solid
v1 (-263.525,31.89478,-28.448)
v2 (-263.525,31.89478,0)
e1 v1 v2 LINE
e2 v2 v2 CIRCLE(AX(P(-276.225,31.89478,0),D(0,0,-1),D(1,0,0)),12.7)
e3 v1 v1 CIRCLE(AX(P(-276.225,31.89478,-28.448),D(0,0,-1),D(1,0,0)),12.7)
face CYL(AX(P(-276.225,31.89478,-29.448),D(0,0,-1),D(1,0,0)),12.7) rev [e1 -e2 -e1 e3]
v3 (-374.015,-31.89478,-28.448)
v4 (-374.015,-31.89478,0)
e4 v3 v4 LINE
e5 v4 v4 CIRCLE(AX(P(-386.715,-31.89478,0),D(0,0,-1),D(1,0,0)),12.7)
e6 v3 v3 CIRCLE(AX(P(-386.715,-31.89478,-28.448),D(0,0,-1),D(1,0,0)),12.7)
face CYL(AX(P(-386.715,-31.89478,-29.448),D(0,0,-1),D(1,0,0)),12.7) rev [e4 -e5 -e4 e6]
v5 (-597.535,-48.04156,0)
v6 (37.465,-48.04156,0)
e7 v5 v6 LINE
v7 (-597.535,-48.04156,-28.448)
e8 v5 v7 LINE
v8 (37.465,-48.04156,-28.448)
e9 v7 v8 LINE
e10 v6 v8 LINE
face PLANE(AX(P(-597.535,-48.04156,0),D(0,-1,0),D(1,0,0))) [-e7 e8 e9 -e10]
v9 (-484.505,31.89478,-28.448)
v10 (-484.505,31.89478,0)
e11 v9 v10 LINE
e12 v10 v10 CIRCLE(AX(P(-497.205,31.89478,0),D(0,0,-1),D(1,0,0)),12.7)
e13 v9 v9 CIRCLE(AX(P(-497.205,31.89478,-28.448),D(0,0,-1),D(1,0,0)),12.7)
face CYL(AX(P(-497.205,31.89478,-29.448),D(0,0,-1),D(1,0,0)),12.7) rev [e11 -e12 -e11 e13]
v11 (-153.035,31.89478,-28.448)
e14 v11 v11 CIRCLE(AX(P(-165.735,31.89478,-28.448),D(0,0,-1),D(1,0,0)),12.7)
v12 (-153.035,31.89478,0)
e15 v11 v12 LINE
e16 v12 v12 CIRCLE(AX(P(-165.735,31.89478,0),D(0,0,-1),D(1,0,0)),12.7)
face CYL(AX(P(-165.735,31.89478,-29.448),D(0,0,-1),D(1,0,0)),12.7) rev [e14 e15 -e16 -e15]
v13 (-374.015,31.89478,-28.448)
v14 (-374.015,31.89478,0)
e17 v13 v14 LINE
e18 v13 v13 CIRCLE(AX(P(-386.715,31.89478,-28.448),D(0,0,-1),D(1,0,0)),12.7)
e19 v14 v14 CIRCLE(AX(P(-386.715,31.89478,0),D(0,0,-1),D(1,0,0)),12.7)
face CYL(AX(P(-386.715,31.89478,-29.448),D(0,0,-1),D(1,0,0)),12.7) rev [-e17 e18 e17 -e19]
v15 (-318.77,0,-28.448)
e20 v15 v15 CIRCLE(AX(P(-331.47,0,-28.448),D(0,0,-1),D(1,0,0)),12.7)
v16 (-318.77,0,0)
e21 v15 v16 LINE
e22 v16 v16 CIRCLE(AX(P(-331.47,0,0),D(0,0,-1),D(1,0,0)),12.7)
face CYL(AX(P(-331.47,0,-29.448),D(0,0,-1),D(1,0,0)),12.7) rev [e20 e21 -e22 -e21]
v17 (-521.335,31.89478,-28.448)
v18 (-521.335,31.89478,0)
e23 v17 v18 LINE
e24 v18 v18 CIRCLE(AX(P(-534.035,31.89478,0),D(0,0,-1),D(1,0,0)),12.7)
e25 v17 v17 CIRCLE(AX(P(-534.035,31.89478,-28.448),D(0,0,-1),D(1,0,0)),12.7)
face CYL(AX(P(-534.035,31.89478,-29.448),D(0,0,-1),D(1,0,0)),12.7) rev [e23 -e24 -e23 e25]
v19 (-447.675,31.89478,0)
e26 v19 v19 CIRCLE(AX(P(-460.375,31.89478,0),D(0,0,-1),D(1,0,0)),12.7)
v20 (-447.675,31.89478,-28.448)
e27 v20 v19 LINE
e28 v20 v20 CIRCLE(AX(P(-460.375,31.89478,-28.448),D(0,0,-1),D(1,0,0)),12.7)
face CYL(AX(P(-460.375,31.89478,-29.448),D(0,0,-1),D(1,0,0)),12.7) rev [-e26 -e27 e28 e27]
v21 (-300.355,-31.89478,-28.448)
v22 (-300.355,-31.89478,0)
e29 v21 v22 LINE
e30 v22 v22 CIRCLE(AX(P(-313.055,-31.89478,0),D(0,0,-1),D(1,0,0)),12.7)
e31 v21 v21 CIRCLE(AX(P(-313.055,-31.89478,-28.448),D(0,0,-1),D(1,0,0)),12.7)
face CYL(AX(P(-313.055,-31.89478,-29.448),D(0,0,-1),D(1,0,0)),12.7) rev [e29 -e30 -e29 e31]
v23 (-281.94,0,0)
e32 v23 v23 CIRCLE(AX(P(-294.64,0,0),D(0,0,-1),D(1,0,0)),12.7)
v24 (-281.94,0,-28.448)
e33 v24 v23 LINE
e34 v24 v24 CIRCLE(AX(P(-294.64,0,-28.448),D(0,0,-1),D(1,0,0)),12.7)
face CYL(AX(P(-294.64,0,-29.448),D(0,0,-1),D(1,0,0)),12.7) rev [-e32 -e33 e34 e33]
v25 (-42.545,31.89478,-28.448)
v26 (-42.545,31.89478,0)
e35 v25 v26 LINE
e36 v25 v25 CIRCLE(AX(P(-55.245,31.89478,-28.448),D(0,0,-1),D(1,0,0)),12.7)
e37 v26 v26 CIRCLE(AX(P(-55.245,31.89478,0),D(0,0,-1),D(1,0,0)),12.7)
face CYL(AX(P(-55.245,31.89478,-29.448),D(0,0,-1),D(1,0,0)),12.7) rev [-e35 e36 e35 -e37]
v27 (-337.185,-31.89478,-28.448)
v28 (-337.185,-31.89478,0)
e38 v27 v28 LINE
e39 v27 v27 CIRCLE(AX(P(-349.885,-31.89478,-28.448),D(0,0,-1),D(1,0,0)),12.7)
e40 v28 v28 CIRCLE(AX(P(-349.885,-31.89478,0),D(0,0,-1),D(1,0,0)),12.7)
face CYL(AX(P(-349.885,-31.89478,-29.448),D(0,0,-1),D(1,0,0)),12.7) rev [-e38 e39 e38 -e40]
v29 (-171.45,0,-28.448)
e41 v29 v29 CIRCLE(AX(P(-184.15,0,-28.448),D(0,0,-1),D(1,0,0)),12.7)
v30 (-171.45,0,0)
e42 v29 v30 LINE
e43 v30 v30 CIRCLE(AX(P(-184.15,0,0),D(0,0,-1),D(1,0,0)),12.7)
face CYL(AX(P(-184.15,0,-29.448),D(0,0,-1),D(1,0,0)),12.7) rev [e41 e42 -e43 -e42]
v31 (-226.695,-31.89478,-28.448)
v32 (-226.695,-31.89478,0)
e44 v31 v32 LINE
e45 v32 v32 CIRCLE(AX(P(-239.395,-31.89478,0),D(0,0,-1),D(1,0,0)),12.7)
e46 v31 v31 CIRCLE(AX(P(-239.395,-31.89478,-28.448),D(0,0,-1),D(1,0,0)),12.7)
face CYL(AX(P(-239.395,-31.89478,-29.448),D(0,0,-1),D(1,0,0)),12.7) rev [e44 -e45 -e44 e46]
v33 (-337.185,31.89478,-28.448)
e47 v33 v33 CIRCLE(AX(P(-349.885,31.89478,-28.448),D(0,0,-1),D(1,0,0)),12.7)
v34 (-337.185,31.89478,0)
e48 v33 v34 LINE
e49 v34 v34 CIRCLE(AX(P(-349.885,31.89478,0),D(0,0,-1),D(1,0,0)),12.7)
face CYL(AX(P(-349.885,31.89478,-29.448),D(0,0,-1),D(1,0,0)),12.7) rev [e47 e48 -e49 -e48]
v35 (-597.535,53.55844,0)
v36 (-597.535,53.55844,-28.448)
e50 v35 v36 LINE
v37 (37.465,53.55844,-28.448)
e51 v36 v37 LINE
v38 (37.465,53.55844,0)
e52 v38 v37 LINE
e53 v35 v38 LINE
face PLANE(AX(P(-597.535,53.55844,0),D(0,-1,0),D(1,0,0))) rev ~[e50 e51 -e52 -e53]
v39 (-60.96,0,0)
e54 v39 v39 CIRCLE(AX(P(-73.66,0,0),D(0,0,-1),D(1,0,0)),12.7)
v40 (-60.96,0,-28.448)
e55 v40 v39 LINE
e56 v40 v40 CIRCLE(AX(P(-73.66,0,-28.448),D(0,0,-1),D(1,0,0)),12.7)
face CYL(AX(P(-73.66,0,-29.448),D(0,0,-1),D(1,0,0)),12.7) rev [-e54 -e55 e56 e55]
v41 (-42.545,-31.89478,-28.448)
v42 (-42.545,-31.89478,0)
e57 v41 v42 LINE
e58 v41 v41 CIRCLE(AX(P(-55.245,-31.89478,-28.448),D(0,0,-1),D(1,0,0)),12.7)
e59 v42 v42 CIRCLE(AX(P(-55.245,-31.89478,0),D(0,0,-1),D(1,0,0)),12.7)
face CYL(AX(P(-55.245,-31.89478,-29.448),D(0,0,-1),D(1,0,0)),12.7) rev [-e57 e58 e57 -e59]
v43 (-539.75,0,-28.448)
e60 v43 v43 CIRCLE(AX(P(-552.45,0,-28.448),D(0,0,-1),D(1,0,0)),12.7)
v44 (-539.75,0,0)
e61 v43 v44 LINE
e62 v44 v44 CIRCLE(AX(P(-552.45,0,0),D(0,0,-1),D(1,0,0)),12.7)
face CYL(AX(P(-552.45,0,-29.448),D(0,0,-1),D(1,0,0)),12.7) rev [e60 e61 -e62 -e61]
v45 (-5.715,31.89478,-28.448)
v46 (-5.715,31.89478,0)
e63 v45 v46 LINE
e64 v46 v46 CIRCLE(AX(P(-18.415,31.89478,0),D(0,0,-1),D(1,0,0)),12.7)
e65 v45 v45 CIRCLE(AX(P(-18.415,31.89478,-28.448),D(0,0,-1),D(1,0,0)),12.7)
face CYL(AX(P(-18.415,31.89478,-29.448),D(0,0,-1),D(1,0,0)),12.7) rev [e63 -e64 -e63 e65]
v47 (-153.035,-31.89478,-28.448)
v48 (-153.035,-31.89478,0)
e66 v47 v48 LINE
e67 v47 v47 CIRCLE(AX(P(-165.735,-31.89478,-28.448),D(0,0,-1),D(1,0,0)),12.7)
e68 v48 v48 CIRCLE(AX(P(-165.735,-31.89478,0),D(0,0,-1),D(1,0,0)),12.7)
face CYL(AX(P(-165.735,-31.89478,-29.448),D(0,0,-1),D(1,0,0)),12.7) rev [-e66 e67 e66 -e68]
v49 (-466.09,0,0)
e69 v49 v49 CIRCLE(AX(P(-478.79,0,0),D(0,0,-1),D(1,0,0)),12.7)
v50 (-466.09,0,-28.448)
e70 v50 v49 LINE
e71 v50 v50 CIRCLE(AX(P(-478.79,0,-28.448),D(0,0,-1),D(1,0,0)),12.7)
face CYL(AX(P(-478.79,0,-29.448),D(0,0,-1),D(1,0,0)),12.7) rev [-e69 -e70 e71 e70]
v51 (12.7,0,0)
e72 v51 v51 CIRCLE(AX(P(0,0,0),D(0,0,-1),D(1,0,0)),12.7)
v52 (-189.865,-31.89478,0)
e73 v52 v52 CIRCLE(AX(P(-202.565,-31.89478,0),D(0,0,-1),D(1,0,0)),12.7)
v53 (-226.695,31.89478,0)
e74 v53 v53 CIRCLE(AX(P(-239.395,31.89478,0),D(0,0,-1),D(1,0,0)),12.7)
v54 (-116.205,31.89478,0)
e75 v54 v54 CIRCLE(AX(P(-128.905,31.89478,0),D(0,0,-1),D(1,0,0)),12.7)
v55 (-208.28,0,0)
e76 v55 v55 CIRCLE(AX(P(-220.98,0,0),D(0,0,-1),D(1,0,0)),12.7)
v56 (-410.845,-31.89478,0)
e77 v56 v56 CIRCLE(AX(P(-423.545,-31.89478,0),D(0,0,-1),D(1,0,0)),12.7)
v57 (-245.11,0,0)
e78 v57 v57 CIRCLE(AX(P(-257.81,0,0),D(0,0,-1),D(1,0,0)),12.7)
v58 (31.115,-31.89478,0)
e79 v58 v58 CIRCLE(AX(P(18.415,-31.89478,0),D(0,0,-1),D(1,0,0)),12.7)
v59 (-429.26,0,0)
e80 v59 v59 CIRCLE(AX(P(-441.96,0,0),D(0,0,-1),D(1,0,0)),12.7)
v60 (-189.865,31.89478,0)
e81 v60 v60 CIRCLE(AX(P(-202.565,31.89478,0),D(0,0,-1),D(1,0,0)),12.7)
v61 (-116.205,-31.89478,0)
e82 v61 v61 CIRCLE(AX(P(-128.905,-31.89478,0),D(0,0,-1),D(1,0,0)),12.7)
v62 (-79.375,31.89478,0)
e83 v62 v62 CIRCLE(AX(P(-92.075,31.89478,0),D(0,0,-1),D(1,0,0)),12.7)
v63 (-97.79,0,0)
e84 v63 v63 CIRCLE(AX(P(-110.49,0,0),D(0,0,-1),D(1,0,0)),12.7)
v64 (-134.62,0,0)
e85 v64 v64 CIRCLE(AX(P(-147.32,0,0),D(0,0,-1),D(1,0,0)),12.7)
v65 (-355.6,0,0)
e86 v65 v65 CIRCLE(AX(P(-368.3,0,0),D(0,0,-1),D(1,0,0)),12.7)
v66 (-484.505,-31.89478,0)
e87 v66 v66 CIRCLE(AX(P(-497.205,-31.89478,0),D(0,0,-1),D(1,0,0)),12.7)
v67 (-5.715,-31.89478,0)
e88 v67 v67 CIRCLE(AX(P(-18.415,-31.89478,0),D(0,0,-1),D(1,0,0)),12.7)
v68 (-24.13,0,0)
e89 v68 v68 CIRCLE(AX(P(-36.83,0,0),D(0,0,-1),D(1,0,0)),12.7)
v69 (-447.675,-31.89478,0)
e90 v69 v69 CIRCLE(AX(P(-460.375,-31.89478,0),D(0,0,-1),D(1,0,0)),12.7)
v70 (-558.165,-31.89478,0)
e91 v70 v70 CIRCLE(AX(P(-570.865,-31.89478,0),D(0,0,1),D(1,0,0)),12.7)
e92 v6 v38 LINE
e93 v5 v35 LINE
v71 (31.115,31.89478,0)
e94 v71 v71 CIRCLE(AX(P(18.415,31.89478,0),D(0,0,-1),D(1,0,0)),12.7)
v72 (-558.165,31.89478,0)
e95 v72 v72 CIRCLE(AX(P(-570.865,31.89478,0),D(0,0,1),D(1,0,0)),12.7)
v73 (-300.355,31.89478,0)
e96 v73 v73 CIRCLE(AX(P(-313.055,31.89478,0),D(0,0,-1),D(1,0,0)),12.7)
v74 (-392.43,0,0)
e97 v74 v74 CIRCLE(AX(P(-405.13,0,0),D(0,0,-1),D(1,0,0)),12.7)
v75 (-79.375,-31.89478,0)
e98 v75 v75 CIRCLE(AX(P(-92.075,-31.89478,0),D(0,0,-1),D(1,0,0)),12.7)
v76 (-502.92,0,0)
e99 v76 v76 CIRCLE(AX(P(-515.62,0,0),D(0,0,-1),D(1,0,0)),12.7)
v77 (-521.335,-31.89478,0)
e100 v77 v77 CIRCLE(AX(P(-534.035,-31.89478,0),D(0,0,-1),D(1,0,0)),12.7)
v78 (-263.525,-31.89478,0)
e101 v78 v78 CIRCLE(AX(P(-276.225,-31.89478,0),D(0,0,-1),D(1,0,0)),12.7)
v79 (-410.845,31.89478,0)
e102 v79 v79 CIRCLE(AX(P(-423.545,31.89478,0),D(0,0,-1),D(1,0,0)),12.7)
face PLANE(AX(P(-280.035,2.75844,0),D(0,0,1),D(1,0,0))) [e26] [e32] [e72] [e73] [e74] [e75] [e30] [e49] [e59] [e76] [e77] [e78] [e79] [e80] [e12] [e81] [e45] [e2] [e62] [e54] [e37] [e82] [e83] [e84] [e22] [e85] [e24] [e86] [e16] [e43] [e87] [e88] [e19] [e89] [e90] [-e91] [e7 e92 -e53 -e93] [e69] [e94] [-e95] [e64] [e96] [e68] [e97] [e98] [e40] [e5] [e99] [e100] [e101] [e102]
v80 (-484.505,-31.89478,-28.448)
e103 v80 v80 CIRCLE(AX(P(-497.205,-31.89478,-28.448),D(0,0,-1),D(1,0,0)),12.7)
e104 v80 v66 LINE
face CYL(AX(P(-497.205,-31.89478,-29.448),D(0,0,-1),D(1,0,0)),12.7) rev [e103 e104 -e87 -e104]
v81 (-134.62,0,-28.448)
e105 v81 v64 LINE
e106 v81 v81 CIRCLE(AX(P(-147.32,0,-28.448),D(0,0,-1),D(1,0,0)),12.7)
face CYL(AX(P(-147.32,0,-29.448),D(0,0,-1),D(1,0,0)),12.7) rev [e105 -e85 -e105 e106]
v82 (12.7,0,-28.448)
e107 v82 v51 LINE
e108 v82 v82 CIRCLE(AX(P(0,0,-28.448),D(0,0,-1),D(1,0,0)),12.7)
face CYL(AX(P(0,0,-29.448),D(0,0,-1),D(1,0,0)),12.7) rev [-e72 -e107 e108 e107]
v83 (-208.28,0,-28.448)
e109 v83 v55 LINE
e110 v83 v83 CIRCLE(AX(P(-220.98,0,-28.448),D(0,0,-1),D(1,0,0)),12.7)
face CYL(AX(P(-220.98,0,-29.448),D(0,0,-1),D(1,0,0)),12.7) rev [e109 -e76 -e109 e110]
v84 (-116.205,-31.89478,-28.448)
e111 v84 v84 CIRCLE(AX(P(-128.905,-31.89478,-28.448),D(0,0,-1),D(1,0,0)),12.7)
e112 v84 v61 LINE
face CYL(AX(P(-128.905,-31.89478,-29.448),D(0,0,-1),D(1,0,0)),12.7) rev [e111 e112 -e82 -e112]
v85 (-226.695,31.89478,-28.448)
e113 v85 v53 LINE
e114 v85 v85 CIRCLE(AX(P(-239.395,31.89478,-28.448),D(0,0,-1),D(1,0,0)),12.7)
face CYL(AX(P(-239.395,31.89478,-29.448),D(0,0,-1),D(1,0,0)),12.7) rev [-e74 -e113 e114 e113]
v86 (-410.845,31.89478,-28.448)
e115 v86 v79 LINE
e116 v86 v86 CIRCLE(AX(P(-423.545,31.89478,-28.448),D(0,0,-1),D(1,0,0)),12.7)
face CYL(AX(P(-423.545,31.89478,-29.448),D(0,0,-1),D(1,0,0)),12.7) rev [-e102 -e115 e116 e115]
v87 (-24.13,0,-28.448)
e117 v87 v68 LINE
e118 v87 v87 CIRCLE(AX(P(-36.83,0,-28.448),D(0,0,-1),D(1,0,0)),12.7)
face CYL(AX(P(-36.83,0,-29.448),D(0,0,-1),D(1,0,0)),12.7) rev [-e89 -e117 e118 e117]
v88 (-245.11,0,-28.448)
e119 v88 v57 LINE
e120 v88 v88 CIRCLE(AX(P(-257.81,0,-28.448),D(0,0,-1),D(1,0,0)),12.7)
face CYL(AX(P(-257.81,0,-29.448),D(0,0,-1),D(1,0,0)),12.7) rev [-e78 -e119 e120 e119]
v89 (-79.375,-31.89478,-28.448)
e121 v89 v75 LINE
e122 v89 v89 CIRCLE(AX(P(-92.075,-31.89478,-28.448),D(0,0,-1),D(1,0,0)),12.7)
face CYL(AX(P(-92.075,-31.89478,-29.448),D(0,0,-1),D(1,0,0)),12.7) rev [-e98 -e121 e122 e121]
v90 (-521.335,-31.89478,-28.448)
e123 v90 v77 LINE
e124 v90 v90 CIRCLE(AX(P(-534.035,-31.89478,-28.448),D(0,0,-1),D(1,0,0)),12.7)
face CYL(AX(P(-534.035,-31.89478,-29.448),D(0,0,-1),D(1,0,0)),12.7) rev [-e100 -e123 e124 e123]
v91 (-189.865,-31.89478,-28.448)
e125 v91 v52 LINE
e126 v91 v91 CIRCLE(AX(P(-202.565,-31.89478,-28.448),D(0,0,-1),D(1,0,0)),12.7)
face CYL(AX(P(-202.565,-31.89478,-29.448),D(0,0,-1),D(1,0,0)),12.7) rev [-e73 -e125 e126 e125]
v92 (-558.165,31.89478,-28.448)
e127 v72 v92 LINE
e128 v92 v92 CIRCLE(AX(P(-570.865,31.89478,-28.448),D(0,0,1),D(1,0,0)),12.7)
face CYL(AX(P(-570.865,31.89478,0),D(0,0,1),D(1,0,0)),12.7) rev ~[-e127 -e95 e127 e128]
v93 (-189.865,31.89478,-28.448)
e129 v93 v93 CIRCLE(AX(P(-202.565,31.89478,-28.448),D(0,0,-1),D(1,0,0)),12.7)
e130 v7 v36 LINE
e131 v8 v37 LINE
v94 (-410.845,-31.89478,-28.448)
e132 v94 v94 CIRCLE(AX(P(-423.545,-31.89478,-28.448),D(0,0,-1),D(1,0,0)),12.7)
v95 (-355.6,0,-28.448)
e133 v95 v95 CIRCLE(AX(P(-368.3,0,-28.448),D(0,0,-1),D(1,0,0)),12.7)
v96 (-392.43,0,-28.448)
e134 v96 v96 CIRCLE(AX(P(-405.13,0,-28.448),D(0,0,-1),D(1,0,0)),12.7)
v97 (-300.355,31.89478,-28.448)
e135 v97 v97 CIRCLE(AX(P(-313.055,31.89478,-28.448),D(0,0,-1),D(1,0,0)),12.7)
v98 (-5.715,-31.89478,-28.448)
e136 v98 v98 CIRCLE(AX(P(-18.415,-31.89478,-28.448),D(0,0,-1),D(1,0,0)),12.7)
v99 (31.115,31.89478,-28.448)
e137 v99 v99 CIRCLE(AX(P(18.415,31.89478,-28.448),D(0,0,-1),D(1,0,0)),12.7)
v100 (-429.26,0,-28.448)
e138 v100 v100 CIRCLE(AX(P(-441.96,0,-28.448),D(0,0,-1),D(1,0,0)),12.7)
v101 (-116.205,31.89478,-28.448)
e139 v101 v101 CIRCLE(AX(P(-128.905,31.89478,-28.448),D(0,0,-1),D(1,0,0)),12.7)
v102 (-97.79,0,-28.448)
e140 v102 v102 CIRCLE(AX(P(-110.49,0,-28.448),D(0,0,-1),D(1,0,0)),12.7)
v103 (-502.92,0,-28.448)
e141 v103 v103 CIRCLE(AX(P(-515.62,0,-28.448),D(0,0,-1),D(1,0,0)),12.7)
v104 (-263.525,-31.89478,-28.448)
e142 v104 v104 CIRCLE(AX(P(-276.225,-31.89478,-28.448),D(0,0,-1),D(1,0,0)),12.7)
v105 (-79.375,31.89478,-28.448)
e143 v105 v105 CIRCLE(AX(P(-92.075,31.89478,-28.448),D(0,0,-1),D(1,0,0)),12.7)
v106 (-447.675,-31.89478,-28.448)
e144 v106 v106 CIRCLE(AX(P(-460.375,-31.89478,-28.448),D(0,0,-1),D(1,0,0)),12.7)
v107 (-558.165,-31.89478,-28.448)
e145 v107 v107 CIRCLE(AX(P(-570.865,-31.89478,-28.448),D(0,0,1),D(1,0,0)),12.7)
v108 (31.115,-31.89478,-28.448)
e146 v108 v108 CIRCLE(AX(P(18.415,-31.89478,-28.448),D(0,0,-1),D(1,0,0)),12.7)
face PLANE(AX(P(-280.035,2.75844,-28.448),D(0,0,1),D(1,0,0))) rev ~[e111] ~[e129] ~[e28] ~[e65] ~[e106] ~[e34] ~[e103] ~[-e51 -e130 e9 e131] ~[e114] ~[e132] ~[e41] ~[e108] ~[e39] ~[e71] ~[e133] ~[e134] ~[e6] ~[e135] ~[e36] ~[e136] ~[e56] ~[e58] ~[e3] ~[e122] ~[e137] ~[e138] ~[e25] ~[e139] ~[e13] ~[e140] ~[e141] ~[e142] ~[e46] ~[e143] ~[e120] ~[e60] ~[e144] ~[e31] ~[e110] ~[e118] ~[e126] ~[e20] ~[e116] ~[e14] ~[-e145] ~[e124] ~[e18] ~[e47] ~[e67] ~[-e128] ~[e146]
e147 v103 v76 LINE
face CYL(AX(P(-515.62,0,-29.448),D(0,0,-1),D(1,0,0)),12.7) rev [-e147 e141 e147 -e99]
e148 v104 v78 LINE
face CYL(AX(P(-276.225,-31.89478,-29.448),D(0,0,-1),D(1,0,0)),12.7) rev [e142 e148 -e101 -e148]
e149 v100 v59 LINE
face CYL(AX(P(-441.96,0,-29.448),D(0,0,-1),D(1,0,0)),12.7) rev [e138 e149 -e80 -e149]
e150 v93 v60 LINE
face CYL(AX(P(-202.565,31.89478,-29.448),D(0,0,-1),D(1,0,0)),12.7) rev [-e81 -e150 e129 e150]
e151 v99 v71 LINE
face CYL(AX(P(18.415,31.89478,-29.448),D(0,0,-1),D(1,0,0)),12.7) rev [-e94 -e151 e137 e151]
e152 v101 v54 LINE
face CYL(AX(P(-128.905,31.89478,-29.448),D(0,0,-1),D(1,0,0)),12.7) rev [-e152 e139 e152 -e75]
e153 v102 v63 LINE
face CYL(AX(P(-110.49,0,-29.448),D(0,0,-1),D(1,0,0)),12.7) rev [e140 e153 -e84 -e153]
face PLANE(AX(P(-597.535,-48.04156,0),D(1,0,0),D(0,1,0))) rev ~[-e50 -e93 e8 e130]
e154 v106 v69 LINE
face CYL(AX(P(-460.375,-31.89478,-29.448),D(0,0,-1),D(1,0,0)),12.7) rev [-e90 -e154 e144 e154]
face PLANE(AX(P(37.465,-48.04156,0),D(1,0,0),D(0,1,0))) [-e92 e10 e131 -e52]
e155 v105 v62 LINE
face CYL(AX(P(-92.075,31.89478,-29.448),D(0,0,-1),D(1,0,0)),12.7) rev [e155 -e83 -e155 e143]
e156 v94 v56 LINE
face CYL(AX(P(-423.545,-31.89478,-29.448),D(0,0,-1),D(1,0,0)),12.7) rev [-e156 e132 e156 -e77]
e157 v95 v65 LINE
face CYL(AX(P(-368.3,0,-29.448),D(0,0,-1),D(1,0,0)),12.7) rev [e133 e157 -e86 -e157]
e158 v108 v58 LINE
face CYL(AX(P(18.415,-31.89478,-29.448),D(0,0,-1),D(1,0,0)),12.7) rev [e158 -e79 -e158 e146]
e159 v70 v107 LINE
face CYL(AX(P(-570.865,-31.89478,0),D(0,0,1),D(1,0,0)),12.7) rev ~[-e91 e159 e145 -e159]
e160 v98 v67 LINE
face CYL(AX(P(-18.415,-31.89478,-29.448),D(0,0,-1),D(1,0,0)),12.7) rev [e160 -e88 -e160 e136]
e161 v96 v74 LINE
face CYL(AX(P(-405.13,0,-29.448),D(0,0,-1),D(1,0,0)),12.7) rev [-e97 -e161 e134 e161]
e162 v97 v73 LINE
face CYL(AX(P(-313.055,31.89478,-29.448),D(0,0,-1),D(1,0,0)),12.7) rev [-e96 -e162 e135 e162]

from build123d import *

# Parameters (mm, degrees)
SKETCH1_W               = 635
SKETCH1_H               = 101.6
BOSS_EXTRUDE1_DEPTH     = 28.448
CUT_EXTRUDE1_START      = -29.448
SKETCH1_3_R             = 12.7
CUT_EXTRUDE1_DEPTH      = 30.448
LPATTERN1_COUNT         = 16
LPATTERN1_PITCH         = 36.83
SKETCH3_R               = 12.7
CUT_EXTRUDE2_DEPTH      = 1
CUT_EXTRUDE2_DEPTH_BACK = 29.448


with BuildPart() as part:
    # Sketch1 → Boss-Extrude1 (new body)
    with BuildSketch(Plane.XY):
        with Locations((-280.035, 2.75844)):
            Rectangle(SKETCH1_W, SKETCH1_H)
    extrude(amount=-BOSS_EXTRUDE1_DEPTH)

    # Sketch1<3> → Cut-Extrude1 (cut)
    with BuildSketch(Plane.XY.offset(CUT_EXTRUDE1_START)):
        Circle(SKETCH1_3_R)
        with Locations((18.415, 31.89478)):
            Circle(SKETCH1_3_R)
        with Locations((18.415, -31.89478)):
            Circle(SKETCH1_3_R)
    cut_extrude1 = extrude(amount=CUT_EXTRUDE1_DEPTH, mode=Mode.SUBTRACT)

    # LPattern1: Cut-Extrude1 ×16
    with Locations(*[(-i * LPATTERN1_PITCH, 0, 0) for i in range(1, LPATTERN1_COUNT)]):
        add(cut_extrude1, mode=Mode.SUBTRACT)

    # Sketch3 → Cut-Extrude2 (cut, two sides)
    with BuildSketch(Plane.XY) as cut_extrude2_sk:
        with Locations((-570.865, 31.89478)):
            Circle(SKETCH3_R)
        with Locations((-570.865, -31.89478)):
            Circle(SKETCH3_R)
    extrude(amount=CUT_EXTRUDE2_DEPTH, mode=Mode.SUBTRACT)
    extrude(cut_extrude2_sk.sketch, amount=-CUT_EXTRUDE2_DEPTH_BACK, mode=Mode.SUBTRACT)


solid = part.part
